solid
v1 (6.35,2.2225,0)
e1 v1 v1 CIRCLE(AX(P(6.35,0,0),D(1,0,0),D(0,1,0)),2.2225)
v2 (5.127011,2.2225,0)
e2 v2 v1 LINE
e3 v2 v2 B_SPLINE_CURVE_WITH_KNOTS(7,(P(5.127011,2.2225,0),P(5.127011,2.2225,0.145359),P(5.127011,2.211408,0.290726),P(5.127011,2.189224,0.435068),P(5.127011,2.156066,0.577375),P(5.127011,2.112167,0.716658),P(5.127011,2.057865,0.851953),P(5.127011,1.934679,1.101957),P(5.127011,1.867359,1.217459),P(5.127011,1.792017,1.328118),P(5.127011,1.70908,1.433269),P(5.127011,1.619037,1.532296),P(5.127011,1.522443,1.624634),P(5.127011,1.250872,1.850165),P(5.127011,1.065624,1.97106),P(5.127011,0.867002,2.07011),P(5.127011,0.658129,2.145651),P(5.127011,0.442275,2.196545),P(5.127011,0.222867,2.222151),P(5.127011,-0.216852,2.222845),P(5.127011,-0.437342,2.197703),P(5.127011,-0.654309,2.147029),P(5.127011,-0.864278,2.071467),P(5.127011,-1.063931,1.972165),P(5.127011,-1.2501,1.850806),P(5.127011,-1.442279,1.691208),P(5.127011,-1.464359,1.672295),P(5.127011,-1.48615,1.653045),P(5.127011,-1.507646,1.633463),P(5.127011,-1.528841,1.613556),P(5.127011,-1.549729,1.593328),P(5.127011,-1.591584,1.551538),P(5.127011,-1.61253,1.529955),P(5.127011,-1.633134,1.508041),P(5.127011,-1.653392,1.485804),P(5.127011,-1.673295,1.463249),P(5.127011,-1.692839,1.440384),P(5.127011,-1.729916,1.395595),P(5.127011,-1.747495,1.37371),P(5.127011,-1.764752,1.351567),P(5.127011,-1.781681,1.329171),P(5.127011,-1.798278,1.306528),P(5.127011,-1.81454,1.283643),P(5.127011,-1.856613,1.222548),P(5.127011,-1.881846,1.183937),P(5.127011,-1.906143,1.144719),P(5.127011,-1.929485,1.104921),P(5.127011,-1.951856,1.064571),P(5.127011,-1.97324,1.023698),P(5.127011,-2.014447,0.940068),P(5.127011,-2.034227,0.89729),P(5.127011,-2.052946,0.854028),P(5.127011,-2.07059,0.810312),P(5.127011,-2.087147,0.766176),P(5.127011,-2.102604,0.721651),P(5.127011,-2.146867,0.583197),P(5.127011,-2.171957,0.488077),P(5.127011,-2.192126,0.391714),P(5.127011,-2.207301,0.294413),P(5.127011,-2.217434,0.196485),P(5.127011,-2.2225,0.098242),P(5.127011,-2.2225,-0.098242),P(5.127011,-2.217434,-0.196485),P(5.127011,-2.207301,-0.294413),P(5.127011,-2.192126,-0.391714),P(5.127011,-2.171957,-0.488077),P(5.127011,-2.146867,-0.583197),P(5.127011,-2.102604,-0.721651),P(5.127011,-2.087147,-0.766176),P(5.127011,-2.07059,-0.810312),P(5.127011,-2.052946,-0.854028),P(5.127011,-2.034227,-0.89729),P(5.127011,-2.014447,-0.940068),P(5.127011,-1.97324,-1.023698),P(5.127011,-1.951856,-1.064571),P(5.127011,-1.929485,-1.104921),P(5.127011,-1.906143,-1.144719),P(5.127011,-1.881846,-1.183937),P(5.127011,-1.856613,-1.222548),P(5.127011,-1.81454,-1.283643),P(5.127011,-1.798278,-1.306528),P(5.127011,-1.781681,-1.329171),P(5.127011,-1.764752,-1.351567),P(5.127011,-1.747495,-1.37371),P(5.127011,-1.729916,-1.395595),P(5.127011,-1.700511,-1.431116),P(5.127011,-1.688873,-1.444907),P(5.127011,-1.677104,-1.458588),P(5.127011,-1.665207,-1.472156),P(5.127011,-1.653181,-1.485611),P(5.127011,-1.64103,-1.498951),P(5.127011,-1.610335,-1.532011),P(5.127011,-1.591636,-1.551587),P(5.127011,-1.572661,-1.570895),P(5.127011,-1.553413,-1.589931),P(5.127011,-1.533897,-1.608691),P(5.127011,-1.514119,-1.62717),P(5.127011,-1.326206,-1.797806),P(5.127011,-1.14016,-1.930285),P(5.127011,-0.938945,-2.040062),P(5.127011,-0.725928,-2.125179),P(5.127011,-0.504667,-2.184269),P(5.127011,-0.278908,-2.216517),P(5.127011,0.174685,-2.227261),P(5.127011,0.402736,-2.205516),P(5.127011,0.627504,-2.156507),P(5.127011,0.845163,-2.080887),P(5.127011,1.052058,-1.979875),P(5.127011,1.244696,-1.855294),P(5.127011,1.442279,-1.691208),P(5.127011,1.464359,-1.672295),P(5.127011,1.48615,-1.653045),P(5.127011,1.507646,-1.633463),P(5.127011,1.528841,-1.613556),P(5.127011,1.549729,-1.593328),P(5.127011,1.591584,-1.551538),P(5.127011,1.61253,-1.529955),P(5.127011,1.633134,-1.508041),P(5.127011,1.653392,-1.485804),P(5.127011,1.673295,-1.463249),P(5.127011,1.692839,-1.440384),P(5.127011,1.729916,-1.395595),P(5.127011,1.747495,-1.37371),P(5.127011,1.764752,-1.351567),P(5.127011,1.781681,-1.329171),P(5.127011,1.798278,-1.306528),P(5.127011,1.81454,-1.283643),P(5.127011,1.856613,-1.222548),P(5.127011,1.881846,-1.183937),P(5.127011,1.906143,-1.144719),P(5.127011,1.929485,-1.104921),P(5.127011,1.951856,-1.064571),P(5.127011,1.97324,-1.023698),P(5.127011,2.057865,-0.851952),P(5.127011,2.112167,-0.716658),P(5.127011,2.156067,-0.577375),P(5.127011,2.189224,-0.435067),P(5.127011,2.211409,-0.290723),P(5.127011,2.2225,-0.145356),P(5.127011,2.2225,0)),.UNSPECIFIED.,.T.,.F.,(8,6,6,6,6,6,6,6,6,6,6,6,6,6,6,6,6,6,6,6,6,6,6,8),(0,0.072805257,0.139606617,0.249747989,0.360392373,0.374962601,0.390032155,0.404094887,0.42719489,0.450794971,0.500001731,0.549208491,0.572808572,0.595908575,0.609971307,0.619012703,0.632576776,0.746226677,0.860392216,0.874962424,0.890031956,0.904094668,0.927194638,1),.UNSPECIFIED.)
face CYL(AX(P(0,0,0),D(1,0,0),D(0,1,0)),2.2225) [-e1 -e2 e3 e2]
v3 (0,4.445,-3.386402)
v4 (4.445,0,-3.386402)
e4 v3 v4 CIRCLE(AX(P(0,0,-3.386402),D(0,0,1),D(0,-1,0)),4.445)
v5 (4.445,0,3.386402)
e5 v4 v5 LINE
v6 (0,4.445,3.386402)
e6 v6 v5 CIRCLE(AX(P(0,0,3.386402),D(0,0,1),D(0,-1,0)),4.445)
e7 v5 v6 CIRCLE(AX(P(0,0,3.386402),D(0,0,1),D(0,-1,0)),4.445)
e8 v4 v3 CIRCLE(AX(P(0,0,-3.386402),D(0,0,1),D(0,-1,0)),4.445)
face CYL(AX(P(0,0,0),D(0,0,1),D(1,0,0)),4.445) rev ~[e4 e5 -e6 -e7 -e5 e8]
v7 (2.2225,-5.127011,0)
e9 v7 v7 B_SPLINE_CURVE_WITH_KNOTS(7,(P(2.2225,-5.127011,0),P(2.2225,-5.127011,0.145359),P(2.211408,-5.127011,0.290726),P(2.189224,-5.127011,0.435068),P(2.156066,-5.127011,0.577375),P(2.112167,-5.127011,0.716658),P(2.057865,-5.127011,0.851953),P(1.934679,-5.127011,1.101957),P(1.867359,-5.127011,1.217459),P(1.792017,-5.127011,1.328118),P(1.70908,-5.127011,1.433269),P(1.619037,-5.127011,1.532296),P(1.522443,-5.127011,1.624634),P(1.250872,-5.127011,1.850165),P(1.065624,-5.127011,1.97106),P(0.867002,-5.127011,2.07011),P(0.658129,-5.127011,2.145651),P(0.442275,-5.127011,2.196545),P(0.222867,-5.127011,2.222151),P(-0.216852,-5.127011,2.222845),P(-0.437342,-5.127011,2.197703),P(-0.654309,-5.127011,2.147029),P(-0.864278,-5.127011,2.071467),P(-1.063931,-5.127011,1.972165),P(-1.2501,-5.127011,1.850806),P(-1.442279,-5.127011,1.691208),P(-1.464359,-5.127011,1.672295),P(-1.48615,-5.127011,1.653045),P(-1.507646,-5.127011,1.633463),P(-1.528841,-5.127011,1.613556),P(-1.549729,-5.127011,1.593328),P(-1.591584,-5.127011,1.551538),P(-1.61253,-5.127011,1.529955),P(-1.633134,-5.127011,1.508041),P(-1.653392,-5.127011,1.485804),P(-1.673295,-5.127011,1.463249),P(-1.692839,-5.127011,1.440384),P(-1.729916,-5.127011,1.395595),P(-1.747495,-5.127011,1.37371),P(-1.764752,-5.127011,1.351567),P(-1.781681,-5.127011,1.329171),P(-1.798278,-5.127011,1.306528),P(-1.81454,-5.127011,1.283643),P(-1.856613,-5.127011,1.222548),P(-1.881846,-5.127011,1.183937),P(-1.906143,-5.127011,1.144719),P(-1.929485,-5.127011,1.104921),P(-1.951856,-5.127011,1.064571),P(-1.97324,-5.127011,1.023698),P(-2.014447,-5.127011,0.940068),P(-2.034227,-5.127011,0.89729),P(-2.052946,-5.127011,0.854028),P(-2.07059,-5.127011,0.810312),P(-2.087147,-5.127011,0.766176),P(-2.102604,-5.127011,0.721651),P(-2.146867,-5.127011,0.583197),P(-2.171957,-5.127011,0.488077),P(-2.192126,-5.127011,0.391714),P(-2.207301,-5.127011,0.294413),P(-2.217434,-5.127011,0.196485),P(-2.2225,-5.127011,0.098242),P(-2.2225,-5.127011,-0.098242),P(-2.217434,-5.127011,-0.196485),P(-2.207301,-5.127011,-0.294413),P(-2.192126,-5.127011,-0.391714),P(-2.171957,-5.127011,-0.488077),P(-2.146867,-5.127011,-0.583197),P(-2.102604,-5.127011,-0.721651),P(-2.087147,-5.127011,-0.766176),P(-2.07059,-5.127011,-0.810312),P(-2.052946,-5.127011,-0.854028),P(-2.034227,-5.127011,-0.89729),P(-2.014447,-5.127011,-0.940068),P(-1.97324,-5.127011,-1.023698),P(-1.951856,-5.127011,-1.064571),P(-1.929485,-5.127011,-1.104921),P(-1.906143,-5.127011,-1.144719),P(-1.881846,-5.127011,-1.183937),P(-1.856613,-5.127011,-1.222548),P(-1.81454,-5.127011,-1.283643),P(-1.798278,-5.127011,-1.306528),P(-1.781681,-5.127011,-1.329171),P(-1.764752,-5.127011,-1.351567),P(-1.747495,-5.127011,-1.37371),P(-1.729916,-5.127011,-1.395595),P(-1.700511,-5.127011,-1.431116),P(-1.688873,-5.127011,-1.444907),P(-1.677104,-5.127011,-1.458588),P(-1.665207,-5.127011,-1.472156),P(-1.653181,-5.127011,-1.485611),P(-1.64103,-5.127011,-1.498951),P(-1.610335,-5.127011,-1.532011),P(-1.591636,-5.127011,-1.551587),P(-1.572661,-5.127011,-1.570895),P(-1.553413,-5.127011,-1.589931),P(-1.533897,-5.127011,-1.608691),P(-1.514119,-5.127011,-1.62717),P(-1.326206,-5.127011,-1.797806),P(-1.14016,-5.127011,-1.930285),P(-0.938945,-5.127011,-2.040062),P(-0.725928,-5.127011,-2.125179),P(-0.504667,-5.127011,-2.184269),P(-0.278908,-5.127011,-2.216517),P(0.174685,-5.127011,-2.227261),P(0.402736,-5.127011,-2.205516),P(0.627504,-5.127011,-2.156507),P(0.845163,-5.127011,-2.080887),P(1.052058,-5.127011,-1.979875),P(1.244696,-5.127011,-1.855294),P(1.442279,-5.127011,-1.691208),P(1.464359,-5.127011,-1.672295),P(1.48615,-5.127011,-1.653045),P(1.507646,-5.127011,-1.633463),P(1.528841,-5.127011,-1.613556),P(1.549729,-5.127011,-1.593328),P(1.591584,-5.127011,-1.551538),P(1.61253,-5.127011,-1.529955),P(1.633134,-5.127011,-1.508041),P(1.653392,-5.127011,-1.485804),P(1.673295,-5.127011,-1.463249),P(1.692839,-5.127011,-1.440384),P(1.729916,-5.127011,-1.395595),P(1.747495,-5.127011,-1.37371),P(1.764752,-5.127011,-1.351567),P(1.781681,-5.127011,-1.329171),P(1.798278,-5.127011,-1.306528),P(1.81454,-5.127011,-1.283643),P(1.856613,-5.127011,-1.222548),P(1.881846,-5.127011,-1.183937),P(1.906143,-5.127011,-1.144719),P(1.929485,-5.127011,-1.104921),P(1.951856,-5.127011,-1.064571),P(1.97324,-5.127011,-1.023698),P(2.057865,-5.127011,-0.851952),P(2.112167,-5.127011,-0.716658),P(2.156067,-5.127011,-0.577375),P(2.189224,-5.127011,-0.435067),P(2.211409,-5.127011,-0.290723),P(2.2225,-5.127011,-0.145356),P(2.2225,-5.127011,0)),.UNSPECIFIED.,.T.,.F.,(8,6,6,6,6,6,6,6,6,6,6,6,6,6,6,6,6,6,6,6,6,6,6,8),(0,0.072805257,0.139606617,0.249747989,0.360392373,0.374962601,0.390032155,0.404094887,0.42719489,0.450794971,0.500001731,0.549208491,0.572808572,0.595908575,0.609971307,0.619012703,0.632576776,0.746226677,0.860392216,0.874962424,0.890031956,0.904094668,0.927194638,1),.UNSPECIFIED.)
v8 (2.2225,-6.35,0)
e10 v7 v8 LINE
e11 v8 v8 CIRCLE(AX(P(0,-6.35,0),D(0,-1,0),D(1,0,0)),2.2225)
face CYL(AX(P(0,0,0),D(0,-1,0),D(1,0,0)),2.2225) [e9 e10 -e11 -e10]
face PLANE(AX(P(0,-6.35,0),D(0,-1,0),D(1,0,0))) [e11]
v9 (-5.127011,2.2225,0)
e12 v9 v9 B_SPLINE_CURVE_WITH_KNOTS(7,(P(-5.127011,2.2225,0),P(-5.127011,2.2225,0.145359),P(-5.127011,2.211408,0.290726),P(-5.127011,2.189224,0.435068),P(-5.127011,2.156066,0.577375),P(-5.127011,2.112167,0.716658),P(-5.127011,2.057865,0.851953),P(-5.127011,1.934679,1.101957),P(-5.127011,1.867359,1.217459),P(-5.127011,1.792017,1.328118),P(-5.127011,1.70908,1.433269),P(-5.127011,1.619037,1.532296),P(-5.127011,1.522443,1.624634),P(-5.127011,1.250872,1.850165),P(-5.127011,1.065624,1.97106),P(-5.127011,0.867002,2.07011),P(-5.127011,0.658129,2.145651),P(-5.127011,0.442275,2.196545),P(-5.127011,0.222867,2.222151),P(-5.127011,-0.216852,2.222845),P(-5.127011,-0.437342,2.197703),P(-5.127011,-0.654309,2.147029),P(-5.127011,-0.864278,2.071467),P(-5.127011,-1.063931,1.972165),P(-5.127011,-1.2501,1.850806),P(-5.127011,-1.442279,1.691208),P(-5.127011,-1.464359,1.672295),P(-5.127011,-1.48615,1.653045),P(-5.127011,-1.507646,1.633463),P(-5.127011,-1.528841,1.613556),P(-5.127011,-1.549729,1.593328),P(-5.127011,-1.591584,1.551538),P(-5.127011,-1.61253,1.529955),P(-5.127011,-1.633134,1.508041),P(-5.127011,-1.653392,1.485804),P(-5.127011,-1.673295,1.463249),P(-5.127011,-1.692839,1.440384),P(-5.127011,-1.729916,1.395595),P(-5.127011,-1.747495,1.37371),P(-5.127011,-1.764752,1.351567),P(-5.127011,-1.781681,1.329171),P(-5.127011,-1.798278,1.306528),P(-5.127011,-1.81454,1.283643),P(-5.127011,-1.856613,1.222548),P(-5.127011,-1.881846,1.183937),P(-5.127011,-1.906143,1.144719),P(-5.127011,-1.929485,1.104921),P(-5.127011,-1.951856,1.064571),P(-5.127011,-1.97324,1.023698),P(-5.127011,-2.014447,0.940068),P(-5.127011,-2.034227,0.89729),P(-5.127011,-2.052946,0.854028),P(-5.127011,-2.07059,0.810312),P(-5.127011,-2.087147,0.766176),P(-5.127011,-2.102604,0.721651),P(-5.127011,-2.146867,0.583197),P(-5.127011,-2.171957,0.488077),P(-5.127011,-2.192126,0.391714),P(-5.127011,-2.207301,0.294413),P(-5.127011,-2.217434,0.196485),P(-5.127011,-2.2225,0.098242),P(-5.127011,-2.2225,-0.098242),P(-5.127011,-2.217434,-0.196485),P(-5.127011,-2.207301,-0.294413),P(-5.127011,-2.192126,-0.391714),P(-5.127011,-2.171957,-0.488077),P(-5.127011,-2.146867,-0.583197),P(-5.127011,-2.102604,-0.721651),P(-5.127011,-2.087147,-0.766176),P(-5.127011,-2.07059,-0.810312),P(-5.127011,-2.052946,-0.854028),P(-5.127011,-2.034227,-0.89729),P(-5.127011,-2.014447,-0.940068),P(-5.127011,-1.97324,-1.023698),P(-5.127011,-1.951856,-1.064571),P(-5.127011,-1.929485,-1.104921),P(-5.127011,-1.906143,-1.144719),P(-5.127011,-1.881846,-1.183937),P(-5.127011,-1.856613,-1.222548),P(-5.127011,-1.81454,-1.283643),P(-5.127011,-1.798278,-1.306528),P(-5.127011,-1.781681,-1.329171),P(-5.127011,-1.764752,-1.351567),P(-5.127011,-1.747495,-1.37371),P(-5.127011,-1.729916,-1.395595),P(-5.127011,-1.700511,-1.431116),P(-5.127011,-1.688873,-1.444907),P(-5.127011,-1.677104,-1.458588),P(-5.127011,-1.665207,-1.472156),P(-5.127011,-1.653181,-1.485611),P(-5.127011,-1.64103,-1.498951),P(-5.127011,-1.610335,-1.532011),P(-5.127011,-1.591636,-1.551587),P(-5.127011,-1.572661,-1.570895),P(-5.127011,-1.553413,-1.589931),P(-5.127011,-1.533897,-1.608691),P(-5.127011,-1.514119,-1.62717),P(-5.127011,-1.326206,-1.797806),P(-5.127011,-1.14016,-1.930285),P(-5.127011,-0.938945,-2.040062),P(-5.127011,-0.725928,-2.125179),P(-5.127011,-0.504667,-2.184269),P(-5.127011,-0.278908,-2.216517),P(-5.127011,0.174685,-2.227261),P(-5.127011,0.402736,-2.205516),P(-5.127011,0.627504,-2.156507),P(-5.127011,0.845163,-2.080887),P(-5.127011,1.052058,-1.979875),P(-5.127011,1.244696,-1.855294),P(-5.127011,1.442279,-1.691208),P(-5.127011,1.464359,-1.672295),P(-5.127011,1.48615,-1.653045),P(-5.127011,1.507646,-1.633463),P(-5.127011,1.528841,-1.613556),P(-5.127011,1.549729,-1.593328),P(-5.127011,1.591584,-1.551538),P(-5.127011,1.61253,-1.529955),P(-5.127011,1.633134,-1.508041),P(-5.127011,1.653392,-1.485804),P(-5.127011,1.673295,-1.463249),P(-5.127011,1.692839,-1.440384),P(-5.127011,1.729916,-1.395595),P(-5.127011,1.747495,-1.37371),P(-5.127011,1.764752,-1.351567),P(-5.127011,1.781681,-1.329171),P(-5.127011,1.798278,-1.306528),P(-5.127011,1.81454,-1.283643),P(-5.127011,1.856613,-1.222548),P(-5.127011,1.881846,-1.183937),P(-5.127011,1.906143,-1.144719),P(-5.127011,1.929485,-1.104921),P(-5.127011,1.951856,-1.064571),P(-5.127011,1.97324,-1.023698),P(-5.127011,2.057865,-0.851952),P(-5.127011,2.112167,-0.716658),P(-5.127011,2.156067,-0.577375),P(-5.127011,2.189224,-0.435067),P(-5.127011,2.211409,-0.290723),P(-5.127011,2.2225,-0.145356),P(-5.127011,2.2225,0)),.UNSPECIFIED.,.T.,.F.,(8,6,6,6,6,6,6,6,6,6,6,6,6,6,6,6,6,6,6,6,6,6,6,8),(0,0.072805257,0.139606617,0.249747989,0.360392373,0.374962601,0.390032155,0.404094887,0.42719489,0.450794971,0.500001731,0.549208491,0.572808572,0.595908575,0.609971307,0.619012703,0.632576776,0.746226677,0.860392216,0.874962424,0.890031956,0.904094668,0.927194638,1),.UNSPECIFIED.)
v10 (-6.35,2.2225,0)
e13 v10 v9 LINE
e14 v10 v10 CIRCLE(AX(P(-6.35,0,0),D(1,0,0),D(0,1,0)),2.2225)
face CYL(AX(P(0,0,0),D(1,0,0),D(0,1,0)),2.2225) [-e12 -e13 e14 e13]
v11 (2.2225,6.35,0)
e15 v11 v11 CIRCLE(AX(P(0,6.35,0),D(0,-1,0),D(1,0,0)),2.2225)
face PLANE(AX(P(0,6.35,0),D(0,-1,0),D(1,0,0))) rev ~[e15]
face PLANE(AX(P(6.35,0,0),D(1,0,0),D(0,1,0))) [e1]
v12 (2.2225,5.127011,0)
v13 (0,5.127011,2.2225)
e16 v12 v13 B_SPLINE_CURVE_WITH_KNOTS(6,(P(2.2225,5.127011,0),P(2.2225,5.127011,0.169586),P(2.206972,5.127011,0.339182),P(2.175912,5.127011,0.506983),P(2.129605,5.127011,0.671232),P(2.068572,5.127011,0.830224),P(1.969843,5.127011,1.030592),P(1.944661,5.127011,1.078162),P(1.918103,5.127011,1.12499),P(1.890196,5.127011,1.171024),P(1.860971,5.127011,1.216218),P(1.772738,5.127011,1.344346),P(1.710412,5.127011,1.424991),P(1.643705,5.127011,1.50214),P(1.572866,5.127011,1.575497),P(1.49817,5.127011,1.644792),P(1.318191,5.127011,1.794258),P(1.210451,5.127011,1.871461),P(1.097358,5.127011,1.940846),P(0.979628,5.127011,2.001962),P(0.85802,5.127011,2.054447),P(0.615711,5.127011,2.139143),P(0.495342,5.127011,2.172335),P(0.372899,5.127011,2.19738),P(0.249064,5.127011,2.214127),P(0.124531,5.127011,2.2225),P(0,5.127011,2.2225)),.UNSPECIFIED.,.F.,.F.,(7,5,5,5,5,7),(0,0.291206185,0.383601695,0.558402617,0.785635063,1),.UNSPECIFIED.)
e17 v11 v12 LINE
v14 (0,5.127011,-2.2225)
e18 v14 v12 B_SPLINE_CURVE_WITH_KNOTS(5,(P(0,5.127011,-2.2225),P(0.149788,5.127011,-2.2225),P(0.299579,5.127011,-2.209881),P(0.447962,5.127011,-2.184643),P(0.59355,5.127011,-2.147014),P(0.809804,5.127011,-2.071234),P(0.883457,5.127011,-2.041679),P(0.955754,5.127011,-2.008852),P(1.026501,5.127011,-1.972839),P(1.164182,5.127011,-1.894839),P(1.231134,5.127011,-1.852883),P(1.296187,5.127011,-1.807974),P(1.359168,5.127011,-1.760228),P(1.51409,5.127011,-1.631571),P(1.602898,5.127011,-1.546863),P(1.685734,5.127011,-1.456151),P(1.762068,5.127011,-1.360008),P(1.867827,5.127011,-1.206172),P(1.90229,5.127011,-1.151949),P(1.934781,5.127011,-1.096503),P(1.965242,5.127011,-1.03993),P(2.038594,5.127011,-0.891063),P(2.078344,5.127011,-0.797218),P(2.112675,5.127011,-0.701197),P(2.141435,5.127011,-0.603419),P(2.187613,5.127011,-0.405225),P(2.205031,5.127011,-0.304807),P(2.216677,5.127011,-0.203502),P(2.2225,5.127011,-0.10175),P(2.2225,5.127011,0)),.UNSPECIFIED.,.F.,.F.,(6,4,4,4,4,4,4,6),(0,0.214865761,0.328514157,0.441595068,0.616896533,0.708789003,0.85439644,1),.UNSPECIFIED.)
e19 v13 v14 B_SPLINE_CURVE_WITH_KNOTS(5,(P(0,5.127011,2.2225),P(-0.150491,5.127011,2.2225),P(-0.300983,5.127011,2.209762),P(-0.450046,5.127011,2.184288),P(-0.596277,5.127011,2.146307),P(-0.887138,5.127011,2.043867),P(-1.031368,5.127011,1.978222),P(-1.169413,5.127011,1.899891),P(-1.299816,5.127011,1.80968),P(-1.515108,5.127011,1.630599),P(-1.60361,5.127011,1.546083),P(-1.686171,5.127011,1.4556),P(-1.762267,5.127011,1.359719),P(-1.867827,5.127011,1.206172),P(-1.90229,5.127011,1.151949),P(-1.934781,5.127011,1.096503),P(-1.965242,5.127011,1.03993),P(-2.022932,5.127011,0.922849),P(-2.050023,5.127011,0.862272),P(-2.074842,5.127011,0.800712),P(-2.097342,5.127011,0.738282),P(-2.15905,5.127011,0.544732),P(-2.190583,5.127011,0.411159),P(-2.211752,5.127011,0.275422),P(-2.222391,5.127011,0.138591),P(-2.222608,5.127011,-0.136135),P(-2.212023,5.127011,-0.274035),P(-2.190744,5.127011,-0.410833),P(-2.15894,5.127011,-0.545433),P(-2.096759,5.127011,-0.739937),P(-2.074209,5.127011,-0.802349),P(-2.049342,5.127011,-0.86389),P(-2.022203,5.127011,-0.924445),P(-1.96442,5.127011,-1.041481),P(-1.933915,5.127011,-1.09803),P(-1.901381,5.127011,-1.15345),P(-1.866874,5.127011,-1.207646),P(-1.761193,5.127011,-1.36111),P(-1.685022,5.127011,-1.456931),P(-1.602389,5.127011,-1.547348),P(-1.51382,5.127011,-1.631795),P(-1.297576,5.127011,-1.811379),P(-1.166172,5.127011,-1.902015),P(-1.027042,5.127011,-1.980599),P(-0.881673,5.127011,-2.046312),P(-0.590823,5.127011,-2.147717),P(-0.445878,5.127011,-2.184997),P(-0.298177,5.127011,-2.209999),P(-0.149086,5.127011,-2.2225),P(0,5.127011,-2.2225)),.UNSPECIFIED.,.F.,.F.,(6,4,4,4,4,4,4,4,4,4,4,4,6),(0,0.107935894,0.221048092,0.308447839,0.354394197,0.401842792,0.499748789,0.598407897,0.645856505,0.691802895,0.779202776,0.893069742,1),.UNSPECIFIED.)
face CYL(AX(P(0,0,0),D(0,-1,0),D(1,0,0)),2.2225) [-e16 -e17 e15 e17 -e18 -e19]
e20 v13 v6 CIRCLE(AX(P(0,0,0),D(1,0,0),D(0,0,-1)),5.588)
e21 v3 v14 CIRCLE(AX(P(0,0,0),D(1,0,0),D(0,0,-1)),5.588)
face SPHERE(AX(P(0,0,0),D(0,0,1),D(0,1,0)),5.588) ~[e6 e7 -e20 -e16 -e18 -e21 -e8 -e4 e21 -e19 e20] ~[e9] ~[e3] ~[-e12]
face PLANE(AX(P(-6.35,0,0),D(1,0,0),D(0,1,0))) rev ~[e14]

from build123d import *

# Parameters (mm, degrees)
F0_R     = 2.2225
F3_DEPTH = 6.35
F1_R     = 2.2225
F4_DEPTH = 6.35
F6_R     = 4.445
F7_DEPTH = 12.7


with BuildPart() as f3:
    # F0 (on Right) → F3 (new body, symmetric)
    with BuildSketch(Plane.YZ):
        Circle(F0_R)
    extrude(amount=F3_DEPTH, both=True)

    # F1 (on Front) → F4 (join, symmetric)
    with BuildSketch(Plane.XZ):
        Circle(F1_R)
    extrude(amount=F4_DEPTH, both=True)

    # F2 (on Right) → F5 (revolve)
    with BuildSketch(Plane.YZ):
        with BuildLine():
            Line((0, 5.588), (0, -5.588))
            ThreePointArc((0, -5.588), (5.588, 0), (0, 5.588))
        make_face()
    revolve(axis=Axis((0, 0, -0.972137), (0, 0, -1)))

    # F6 (on Top) → F7 (cut, symmetric)
    with BuildSketch(Plane.XY):
        Circle(F6_R)
    extrude(amount=F7_DEPTH, both=True, mode=Mode.SUBTRACT)


solid = f3.part
